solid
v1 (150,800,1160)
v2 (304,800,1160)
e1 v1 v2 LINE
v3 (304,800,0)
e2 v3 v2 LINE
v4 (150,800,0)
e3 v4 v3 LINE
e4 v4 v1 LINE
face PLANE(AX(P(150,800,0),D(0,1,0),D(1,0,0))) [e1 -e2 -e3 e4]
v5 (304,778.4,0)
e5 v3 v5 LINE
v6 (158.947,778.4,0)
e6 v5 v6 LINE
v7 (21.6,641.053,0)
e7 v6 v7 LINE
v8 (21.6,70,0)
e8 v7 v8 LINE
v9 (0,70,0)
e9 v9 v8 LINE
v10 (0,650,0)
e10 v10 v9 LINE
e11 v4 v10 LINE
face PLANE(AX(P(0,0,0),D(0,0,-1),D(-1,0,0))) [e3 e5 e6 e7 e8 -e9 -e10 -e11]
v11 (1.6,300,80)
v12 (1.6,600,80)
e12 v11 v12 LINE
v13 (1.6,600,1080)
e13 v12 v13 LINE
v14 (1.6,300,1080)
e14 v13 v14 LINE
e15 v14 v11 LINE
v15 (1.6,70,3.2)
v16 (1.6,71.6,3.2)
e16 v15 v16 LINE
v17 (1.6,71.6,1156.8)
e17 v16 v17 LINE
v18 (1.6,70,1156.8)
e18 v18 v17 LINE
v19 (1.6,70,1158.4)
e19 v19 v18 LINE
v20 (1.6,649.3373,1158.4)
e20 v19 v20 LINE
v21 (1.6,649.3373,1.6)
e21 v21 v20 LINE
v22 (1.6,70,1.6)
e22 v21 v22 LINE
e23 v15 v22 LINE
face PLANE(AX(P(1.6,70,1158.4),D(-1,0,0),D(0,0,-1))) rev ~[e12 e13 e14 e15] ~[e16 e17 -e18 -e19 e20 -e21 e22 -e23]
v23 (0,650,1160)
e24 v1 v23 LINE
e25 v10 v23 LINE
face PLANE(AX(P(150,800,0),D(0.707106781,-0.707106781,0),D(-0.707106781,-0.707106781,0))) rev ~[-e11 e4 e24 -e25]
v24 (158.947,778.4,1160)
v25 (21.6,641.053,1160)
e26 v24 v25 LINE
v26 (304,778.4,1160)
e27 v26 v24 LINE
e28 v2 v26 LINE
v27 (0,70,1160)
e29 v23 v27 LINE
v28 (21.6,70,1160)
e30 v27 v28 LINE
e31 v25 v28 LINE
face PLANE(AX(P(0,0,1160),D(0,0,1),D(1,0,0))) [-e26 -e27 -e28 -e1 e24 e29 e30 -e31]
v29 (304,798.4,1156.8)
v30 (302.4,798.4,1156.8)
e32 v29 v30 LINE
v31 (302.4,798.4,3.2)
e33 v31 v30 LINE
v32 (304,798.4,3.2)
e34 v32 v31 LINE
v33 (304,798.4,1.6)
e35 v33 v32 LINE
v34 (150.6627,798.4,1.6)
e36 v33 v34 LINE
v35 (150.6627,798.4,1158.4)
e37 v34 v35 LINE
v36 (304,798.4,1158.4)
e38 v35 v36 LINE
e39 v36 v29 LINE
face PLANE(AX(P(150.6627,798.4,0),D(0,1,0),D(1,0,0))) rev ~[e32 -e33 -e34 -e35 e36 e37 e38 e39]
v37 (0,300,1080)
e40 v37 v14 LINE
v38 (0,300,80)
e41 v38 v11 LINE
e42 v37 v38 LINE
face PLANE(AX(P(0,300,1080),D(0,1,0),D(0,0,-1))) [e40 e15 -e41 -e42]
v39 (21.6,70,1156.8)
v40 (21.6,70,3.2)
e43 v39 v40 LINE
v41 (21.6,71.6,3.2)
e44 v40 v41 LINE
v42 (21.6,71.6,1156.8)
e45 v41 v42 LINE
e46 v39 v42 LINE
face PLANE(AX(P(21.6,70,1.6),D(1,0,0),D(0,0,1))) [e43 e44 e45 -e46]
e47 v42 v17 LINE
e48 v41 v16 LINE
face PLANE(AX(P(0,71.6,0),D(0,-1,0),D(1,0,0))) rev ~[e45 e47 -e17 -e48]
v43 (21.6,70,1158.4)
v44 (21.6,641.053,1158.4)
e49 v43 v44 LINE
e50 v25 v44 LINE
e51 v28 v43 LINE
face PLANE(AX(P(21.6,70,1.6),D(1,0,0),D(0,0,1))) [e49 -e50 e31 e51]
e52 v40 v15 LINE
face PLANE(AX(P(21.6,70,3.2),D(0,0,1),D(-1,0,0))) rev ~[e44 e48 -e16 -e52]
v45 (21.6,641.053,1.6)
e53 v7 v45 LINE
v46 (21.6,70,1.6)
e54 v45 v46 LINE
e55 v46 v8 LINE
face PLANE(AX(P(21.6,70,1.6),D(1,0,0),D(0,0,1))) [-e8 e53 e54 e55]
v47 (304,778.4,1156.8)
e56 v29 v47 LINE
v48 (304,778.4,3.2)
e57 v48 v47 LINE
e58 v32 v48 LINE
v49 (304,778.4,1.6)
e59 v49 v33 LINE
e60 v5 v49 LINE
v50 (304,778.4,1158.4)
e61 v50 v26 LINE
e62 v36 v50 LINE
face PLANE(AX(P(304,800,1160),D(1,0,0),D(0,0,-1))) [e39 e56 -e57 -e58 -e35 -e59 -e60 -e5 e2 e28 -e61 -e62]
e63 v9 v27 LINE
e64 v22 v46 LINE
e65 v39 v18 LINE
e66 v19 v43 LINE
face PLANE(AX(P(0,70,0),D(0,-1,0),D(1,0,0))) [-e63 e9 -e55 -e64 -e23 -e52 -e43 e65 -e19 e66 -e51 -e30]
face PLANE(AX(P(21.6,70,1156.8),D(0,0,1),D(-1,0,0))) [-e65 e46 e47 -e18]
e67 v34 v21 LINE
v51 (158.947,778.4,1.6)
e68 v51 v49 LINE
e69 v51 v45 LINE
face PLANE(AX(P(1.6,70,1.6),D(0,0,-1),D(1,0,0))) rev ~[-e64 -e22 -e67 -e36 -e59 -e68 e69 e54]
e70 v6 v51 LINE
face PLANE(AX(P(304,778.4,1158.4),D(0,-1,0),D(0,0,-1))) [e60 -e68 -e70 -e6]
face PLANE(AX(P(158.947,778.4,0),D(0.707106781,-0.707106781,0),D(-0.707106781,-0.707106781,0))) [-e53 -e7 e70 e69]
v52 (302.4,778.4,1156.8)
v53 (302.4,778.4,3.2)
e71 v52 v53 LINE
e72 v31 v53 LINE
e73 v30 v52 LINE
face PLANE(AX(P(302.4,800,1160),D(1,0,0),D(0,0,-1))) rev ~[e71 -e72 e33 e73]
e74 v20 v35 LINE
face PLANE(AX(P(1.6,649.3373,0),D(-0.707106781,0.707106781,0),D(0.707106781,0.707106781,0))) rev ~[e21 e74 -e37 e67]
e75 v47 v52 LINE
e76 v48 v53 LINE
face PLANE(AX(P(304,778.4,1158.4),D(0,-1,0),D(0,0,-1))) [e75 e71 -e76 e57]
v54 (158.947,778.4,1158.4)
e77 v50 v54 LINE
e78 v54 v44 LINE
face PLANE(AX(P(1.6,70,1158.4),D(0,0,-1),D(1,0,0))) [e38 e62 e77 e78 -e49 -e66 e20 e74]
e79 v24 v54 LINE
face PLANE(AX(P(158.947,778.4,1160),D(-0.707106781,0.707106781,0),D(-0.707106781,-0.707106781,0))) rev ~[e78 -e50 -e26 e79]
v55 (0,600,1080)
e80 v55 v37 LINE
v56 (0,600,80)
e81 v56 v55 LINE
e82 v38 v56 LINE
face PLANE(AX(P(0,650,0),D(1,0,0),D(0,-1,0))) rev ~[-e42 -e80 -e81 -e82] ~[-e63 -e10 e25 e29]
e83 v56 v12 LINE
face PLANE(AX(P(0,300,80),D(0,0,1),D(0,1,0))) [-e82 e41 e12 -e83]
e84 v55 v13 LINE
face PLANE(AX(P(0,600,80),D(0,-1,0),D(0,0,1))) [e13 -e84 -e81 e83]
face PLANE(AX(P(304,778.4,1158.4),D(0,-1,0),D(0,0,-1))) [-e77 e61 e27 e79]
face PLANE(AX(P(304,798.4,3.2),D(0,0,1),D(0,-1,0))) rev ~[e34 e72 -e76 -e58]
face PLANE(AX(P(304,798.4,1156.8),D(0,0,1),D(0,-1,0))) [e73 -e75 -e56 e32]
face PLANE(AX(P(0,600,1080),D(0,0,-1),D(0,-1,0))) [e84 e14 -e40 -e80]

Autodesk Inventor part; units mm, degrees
ref_plane "YZ Plane" through (0, 0, 0) normal (1, 0, 0) x (0, 1, 0)
ref_plane "XZ Plane" through (0, 0, 0) normal (0, 1, 0) x (-1, 0, 0)
ref_plane "XY Plane" through (0, 0, 0) normal (0, 0, 1) x (1, 0, 0)
sketch "Sketch1" plane through (0, 0, 0) normal (0, 0, 1) x (1, 0, 0)
  line L0 (150, 800) -> (304, 800)
  line L1 (150, 800) -> (0, 650)
  line L2 (150, 800) -> (1016.5277, 800) construction
  line L3 (0, 650) -> (0, 70)
  line L4 (1.6, 70) -> (1.6, 649.3373)
  line L5 (1.6, 649.3373) -> (150.6627, 798.4)
  line L6 (150.6627, 798.4) -> (304, 798.4)
  line L7 (304, 800) -> (304, 798.4)
  line L8 (0, 70) -> (1.6, 70)
  point P0 (0, 0)
  dimension "d0" = 154
  dimension "d1" = 800
  dimension "d2" = 135
  dimension "d8" = 150
  dimension "d9" = 580
  dimension "d10" = 70
  dimension "d19" = 1.6
extrude "Extrusion1" add sketch "Sketch1" along normal blind 1160
sketch "Sketch2" plane through (0, 70, 0) normal (-1, 0, 0) x (0, 0, 1)
  line L0 (80, 530) -> (1080, 530)
  line L1 (1080, 530) -> (1080, 230)
  line L2 (1080, 230) -> (80, 230)
  line L3 (80, 230) -> (80, 530)
  line L4 (0, 0) -> (0, 580) projected
  line L5 (0, 580) -> (1160, 580) projected
  line L6 (0, 0) -> (1160, 0) projected
  point P0 (0, -70)
  point P1 (580, 230)
  point P2 (580, 0)
  dimension "d13" = 1000
  dimension "d14" = 300
  dimension "d16" = 50
extrude "Extrusion2" cut sketch "Sketch2" against normal through all
sketch "Sketch3" plane through (0, 0, 1160) normal (0, 0, 1) x (1, 0, 0)
  line L0 (150.6627, 798.4) -> (304, 798.4) projected
  line L1 (1.6, 649.3373) -> (150.6627, 798.4) projected
  line L2 (1.6, 70) -> (1.6, 649.3373) projected
  line L3 (304, 778.4) -> (158.947, 778.4)
  line L4 (158.947, 778.4) -> (21.6, 641.053)
  line L5 (21.6, 641.053) -> (21.6, 70)
  line L6 (304, 778.4) -> (304, 798.4)
  line L7 (304, 800) -> (150, 800) projected
  line L8 (21.6, 70) -> (1.6, 70)
  point P0 (0, 0)
  dimension "d20" = 20
extrude "Extrusion3" add sketch "Sketch3" against normal blind 1.6
sketch "Sketch4" plane through (0, 0, 0) normal (0, 0, -1) x (-1, 0, 0)
  line L0 (-304, 798.4) -> (-150.6627, 798.4) projected
  line L1 (-304, 798.4) -> (-304, 778.4) projected
  line L2 (-304, 778.4) -> (-158.947, 778.4) projected
  line L3 (-158.947, 778.4) -> (-21.6, 641.053) projected
  line L4 (-21.6, 641.053) -> (-21.6, 70) projected
  line L5 (-21.6, 70) -> (-1.6, 70) projected
  line L6 (-1.6, 649.3373) -> (-1.6, 70) projected
  line L7 (-150.6627, 798.4) -> (-1.6, 649.3373) projected
  point P0 (0, 0)
extrude "Extrusion4" add sketch "Sketch4" against normal blind 1.6
sketch "Sketch5" plane through (304, 800, 1160) normal (1, 0, 0) x (0, 0, -1)
  line L0 (1158.4, -1.6) -> (1.6, -1.6) projected
  line L1 (1158.4, -21.6) -> (1158.4, -1.6) projected
  line L2 (1.6, -1.6) -> (1.6, -21.6) projected
  line L3 (1.6, -21.6) -> (1.6, -158.947) projected
  line L4 (1.6, -21.6) -> (1158.4, -21.6)
  point P0 (1160, -800)
extrude "Extrusion5" add sketch "Sketch5" against normal blind 1.6
sketch "Sketch6" plane through (0, 70, 0) normal (0, -1, 0) x (1, 0, 0)
  line L0 (1.6, 1.6) -> (21.6, 1.6) projected
  line L1 (1.6, 1.6) -> (1.6, 1158.4) projected
  line L2 (21.6, 1158.4) -> (1.6, 1158.4) projected
  line L3 (158.947, 1158.4) -> (21.6, 1158.4) projected
  line L4 (21.6, 1.6) -> (21.6, 1158.4)
  point P0 (0, 0)
extrude "Extrusion6" add sketch "Sketch6" against normal blind 1.6
sketch "Sketch7" plane through (304, 800, 1160) normal (1, 0, 0) x (0, 0, -1)
  line L0 (1.6, -1.6) -> (1.6, -21.6) projected
  line L1 (1.6, -1.6) -> (3.2, -1.6)
  line L2 (3.2, -1.6) -> (3.2, -21.6)
  line L3 (3.2, -21.6) -> (1.6, -21.6)
  line L4 (1.6, -21.6) -> (1.6, -1.6)
  line L5 (1158.4, -21.6) -> (1158.4, -1.6) projected
  line L6 (1158.4, -1.6) -> (1156.8, -1.6)
  line L7 (1156.8, -1.6) -> (1156.8, -21.6)
  line L8 (1156.8, -21.6) -> (1158.4, -21.6)
  line L9 (1158.4, -21.6) -> (1158.4, -1.6)
  point P0 (1160, -800)
  dimension "d32" = 1.6
  dimension "d33" = 20
  dimension "d34" = 1.6
  dimension "d35" = 20
extrude "Extrusion7" cut sketch "Sketch7" against normal blind 1.6
sketch "Sketch8" plane through (0, 70, 0) normal (0, -1, 0) x (1, 0, 0)
  line L0 (1.6, 1158.4) -> (1.6, 1.6) projected
  line L1 (1.6, 1.6) -> (21.6, 1.6)
  line L2 (21.6, 1.6) -> (21.6, 3.2)
  line L3 (21.6, 3.2) -> (1.6, 3.2)
  line L4 (1.6, 3.2) -> (1.6, 1.6)
  line L5 (1.6, 1158.4) -> (21.6, 1158.4)
  line L6 (21.6, 1158.4) -> (21.6, 1156.8)
  line L7 (21.6, 1156.8) -> (1.6, 1156.8)
  line L8 (1.6, 1156.8) -> (1.6, 1158.4)
  point P0 (0, 0)
  dimension "d38" = 20
  dimension "d39" = 1.6
  dimension "d40" = 20
  dimension "d41" = 1.6
extrude "Extrusion8" cut sketch "Sketch8" against normal blind 1.6
properties part number "Front Panel" material "Steel"
